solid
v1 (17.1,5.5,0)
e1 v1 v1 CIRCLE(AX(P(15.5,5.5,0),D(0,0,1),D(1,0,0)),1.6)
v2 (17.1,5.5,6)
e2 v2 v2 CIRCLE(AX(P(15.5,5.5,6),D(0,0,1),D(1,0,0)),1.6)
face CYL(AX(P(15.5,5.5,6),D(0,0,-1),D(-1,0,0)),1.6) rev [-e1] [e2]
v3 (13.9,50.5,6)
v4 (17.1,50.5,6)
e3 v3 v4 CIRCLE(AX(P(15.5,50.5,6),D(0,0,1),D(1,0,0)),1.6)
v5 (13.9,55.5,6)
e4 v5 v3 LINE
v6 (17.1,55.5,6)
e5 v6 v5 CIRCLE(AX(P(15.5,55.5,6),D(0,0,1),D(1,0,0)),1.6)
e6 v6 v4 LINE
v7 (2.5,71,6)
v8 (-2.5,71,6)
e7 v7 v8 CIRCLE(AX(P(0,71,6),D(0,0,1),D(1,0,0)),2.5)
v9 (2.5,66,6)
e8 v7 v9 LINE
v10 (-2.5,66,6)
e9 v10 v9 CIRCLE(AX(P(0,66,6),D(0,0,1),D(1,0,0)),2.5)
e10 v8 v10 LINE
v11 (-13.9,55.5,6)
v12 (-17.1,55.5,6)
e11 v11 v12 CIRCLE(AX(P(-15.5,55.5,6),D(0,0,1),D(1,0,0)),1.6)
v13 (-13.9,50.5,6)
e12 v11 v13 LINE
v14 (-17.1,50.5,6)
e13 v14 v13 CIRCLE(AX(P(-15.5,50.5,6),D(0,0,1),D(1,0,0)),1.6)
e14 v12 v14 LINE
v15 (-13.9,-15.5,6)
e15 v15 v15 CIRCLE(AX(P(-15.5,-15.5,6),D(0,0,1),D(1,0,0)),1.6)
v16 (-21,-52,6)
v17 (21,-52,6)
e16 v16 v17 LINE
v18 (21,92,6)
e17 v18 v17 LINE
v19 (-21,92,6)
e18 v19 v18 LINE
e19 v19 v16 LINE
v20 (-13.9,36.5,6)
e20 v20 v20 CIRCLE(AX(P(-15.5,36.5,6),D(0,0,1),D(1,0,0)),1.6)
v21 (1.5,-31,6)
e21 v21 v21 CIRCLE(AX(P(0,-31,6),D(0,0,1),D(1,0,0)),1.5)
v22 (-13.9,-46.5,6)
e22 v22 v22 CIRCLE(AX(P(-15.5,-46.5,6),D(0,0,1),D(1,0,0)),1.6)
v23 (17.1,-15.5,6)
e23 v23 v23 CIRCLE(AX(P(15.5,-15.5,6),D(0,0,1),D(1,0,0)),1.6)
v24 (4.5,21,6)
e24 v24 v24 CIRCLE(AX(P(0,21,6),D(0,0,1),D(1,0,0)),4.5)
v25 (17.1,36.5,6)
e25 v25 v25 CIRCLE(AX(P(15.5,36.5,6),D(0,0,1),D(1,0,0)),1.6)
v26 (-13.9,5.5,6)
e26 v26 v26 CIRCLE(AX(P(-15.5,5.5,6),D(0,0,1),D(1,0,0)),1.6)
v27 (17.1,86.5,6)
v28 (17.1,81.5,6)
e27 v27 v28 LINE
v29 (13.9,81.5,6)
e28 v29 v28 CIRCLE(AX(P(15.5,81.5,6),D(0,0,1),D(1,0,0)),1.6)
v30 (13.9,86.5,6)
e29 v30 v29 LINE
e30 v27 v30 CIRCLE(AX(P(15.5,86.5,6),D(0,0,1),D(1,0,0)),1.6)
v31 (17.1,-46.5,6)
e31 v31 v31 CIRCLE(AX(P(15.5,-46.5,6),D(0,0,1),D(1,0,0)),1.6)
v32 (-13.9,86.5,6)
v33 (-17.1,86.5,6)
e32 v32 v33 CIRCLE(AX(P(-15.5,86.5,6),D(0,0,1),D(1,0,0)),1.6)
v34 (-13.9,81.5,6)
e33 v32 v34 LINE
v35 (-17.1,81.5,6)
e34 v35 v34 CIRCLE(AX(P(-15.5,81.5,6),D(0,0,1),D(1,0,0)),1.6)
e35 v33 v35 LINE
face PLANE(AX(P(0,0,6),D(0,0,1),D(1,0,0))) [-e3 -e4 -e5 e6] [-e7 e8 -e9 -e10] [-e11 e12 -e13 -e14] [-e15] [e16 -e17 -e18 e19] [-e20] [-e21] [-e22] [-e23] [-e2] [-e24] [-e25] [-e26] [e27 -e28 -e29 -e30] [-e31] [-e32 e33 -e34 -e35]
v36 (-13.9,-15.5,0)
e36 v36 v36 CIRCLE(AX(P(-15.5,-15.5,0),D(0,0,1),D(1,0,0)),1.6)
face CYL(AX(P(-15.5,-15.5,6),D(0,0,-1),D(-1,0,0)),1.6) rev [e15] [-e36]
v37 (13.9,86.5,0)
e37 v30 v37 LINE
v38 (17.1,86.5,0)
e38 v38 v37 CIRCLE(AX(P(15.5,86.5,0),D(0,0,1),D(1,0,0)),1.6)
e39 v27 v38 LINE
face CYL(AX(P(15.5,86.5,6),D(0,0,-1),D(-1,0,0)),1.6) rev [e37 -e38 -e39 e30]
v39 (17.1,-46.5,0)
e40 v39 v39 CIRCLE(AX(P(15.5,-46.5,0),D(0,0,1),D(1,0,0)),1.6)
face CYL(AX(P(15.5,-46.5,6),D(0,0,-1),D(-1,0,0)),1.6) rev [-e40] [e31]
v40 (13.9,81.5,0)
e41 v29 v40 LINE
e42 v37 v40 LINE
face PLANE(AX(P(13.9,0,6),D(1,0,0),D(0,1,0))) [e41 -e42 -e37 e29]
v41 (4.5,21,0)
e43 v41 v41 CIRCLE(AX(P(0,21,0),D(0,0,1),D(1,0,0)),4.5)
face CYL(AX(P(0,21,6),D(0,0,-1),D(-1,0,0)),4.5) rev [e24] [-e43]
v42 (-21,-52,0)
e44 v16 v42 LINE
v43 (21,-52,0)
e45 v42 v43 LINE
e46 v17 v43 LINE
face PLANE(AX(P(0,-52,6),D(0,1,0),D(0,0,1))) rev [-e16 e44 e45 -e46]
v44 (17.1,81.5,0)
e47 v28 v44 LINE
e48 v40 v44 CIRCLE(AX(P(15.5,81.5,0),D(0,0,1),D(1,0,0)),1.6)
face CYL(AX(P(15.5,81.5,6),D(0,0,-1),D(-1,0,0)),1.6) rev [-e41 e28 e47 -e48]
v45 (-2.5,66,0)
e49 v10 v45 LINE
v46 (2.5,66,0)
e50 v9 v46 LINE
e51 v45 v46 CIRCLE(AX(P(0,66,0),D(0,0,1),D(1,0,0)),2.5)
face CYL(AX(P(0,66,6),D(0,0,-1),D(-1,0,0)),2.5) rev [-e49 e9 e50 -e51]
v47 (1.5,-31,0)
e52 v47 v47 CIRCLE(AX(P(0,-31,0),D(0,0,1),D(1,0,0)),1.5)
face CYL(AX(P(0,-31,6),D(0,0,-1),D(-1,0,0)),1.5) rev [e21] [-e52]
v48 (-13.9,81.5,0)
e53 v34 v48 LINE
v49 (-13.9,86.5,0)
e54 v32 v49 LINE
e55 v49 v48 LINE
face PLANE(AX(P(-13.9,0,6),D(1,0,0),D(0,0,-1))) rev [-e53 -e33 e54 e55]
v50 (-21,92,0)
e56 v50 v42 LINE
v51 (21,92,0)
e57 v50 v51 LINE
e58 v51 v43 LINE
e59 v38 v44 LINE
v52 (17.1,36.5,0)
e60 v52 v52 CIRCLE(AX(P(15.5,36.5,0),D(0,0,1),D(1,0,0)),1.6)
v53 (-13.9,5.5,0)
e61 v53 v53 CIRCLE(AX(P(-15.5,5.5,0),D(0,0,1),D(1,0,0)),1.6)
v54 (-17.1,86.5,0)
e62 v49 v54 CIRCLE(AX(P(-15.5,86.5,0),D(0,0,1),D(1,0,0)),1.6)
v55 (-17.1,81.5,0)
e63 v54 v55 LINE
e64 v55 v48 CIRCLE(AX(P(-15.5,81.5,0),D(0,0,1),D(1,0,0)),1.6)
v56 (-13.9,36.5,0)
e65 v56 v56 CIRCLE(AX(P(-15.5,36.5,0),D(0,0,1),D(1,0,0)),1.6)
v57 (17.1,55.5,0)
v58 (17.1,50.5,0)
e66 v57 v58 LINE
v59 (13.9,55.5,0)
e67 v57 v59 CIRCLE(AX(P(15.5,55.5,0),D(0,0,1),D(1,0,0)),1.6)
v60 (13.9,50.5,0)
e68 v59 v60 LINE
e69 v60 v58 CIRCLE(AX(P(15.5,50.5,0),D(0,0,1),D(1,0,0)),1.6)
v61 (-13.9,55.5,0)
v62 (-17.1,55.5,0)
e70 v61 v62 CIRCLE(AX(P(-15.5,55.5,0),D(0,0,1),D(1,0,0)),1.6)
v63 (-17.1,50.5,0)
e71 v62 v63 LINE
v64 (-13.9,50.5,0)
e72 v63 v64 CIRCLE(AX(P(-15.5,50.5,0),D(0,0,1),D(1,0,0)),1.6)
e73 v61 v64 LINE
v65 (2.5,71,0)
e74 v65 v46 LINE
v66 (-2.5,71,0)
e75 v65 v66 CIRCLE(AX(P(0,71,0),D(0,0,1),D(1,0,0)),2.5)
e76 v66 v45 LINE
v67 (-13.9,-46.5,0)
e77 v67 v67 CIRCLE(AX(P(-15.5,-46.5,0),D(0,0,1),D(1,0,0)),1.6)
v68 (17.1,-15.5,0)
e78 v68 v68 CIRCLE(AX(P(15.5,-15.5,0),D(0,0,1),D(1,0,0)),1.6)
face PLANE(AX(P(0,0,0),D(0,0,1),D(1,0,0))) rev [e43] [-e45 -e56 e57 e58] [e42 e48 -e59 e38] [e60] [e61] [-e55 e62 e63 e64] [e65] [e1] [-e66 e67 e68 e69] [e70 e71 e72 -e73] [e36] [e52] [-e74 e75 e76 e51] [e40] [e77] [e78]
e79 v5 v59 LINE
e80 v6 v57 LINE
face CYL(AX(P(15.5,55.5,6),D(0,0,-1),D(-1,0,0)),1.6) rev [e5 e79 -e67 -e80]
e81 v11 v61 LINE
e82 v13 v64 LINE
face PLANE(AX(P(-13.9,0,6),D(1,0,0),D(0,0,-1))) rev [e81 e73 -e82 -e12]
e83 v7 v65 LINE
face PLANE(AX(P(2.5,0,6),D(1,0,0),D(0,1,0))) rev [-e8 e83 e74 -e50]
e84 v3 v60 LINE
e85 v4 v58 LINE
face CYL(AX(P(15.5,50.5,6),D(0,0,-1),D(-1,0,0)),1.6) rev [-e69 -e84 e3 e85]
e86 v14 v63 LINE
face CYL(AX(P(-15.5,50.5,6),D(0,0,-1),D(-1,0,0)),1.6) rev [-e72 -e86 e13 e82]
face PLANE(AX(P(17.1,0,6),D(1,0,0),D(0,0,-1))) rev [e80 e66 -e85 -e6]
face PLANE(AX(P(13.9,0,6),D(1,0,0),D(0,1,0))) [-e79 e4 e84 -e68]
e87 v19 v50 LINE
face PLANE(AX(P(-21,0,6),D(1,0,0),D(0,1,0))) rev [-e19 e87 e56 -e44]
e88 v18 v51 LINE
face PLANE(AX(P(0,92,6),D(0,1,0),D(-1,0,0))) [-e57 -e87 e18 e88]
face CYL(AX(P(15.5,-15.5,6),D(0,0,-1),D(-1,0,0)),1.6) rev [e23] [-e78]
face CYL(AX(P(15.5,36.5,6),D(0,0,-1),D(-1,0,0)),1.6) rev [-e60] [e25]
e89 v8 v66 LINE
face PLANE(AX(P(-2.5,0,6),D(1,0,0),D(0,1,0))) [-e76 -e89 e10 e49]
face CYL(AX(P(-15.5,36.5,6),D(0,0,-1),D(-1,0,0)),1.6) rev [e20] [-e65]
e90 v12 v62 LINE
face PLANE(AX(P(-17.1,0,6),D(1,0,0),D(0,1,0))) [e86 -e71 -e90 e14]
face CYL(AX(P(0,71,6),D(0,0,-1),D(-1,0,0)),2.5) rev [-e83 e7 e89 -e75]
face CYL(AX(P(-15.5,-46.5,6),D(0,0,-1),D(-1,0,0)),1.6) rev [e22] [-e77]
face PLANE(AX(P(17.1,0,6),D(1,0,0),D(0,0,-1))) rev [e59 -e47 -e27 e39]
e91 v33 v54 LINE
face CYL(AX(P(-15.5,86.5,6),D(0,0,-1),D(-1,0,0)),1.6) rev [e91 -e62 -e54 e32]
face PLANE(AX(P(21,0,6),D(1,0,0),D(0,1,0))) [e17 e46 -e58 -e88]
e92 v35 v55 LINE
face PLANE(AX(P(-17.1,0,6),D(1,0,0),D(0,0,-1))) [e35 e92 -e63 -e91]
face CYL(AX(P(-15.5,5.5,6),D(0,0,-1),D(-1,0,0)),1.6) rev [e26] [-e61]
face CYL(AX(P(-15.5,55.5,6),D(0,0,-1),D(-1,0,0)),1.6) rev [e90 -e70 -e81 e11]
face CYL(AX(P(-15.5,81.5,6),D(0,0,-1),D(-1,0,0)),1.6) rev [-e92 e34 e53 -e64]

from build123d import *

# Parameters (mm, degrees)
SKETCH_1_W      = 42
SKETCH_1_H      = 3
SKETCH_1_H_2    = 42
SKETCH_1_R      = 1.6
SKETCH_1_R_2    = 4.5
SKETCH_1_H_3    = 10
EXTRUDE_1_DEPTH = 6


with BuildPart() as part:
    # 草图1 → 凸台-拉伸1 (new body)
    # profile 1 of 18: a face of its own
    with BuildSketch(Plane.XY):
        with Locations((0, 43.5)):
            Rectangle(SKETCH_1_W, SKETCH_1_H)
    # profile 2 of 18: a face of its own
    with BuildSketch(Plane.XY):
        with BuildLine():
            Line((21, 92), (-21, 92))
            Line((-21, 92), (-16.63137085, 87.63137085))
            ThreePointArc((-16.63137085, 87.63137085), (-15.129338595, 88.056473618), (-13.980131585, 87))
            Line((-13.980131585, 87), (13.980131585, 87))
            ThreePointArc((13.980131585, 87), (15.5, 88.1), (17.019868415, 87))
            Line((17.019868415, 87), (21, 87))
            Line((21, 87), (21, 92))
        make_face()
    # profile 3 of 18: a face of its own
    with BuildSketch(Plane.XY):
        with BuildLine():
            Line((-21, 92), (-21, 87))
            Line((-21, 87), (-17.019868415, 87))
            ThreePointArc((-17.019868415, 87), (-16.862690243, 87.338495857), (-16.63137085, 87.63137085))
            Line((-16.63137085, 87.63137085), (-21, 92))
        make_face()
    # profile 4 of 18: a face of its own
    with BuildSketch(Plane.XY):
        with BuildLine():
            Line((-17.019868415, 87), (-21, 87))
            Line((-21, 87), (-17.1, 83.1))
            Line((-17.1, 83.1), (-17.1, 86.5))
            ThreePointArc((-17.1, 86.5), (-17.079840097, 86.753190181), (-17.019868415, 87))
        make_face()
    # profile 5 of 18: a face of its own
    with BuildSketch(Plane.XY):
        with BuildLine():
            Line((13.980131585, 87), (-13.980131585, 87))
            ThreePointArc((-13.980131585, 87), (-13.920159903, 86.753190181), (-13.9, 86.5))
            Line((-13.9, 86.5), (-13.9, 84.9))
            Line((-13.9, 84.9), (-1.767766953, 72.767766953))
            ThreePointArc((-1.767766953, 72.767766953), (0.956708581, 73.309698831), (2.5, 71))
            Line((2.5, 71), (2.5, 68.5))
            Line((2.5, 68.5), (14.36862915, 56.63137085))
            ThreePointArc((14.36862915, 56.63137085), (16.112293492, 56.978207252), (17.1, 55.5))
            Line((17.1, 55.5), (17.1, 53.9))
            Line((17.1, 53.9), (21, 50))
            Line((21, 50), (21, 87))
            Line((21, 87), (17.019868415, 87))
            ThreePointArc((17.019868415, 87), (17.079840097, 86.753190181), (17.1, 86.5))
            Line((17.1, 86.5), (17.1, 81.5))
            ThreePointArc((17.1, 81.5), (15.5, 79.9), (13.9, 81.5))
            Line((13.9, 81.5), (13.9, 86.5))
            ThreePointArc((13.9, 86.5), (13.920159903, 86.753190181), (13.980131585, 87))
        make_face()
    # profile 6 of 18: a face of its own
    with BuildSketch(Plane.XY):
        with BuildLine():
            ThreePointArc((-13.9, 81.5), (-14.021792748, 80.887706508), (-14.36862915, 80.36862915))
            Line((-14.36862915, 80.36862915), (-2.5, 68.5))
            Line((-2.5, 68.5), (-2.5, 71))
            ThreePointArc((-2.5, 71), (-2.309698831, 71.956708581), (-1.767766953, 72.767766953))
            Line((-1.767766953, 72.767766953), (-13.9, 84.9))
            Line((-13.9, 84.9), (-13.9, 81.5))
        make_face()
    # profile 7 of 18: a face of its own
    with BuildSketch(Plane.XY):
        with BuildLine():
            Line((-17.1, 83.1), (-21, 87))
            Line((-21, 87), (-21, 50))
            Line((-21, 50), (-17.019868415, 50))
            ThreePointArc((-17.019868415, 50), (-17.079840097, 50.246809819), (-17.1, 50.5))
            Line((-17.1, 50.5), (-17.1, 55.5))
            ThreePointArc((-17.1, 55.5), (-15.5, 57.1), (-13.9, 55.5))
            Line((-13.9, 55.5), (-13.9, 50.5))
            ThreePointArc((-13.9, 50.5), (-13.920159903, 50.246809819), (-13.980131585, 50))
            Line((-13.980131585, 50), (13.980131585, 50))
            ThreePointArc((13.980131585, 50), (13.920159903, 50.246809819), (13.9, 50.5))
            Line((13.9, 50.5), (13.9, 52.1))
            Line((13.9, 52.1), (1.767766953, 64.232233047))
            ThreePointArc((1.767766953, 64.232233047), (-0.956708581, 63.690301169), (-2.5, 66))
            Line((-2.5, 66), (-2.5, 68.5))
            Line((-2.5, 68.5), (-14.36862915, 80.36862915))
            ThreePointArc((-14.36862915, 80.36862915), (-16.112293492, 80.021792748), (-17.1, 81.5))
            Line((-17.1, 81.5), (-17.1, 83.1))
        make_face()
    # profile 8 of 18: a face of its own
    with BuildSketch(Plane.XY):
        with BuildLine():
            ThreePointArc((2.5, 66), (2.309698831, 65.043291419), (1.767766953, 64.232233047))
            Line((1.767766953, 64.232233047), (13.9, 52.1))
            Line((13.9, 52.1), (13.9, 55.5))
            ThreePointArc((13.9, 55.5), (14.021792748, 56.112293492), (14.36862915, 56.63137085))
            Line((14.36862915, 56.63137085), (2.5, 68.5))
            Line((2.5, 68.5), (2.5, 66))
        make_face()
    # profile 9 of 18: a face of its own
    with BuildSketch(Plane.XY):
        with BuildLine():
            Line((17.019868415, 50), (21, 50))
            Line((21, 50), (17.1, 53.9))
            Line((17.1, 53.9), (17.1, 50.5))
            ThreePointArc((17.1, 50.5), (17.079840097, 50.246809819), (17.019868415, 50))
        make_face()
    # profile 10 of 18: a face of its own
    with BuildSketch(Plane.XY):
        with BuildLine():
            Line((16.63137085, 49.36862915), (21, 45))
            Line((21, 45), (21, 50))
            Line((21, 50), (17.019868415, 50))
            ThreePointArc((17.019868415, 50), (16.862690243, 49.661504143), (16.63137085, 49.36862915))
        make_face()
    # profile 11 of 18: a face of its own
    with BuildSketch(Plane.XY):
        with BuildLine():
            Line((-17.019868415, 50), (-21, 50))
            Line((-21, 50), (-21, 45))
            Line((-21, 45), (21, 45))
            Line((21, 45), (16.63137085, 49.36862915))
            ThreePointArc((16.63137085, 49.36862915), (15.129338595, 48.943526382), (13.980131585, 50))
            Line((13.980131585, 50), (-13.980131585, 50))
            ThreePointArc((-13.980131585, 50), (-15.5, 48.9), (-17.019868415, 50))
        make_face()
    # profile 12 of 18: a face of its own
    with BuildSketch(Plane.XY):
        with Locations((0, 43.5)):
            Rectangle(SKETCH_1_W, SKETCH_1_H)
    # profile 13 of 18: a face of its own
    with BuildSketch(Plane.XY):
        with Locations((0, 21)):
            Rectangle(SKETCH_1_W, SKETCH_1_H_2)
        with Locations((-15.5, 5.5)):
            Circle(SKETCH_1_R, mode=Mode.SUBTRACT)
        with Locations((15.5, 5.5)):
            Circle(SKETCH_1_R, mode=Mode.SUBTRACT)
        with Locations((-15.5, 36.5)):
            Circle(SKETCH_1_R, mode=Mode.SUBTRACT)
        with Locations((0, 21)):
            Circle(SKETCH_1_R_2, mode=Mode.SUBTRACT)
        with Locations((15.5, 36.5)):
            Circle(SKETCH_1_R, mode=Mode.SUBTRACT)
    # profile 14 of 18: a face of its own
    with BuildSketch(Plane.XY):
        with Locations((0, -5)):
            Rectangle(SKETCH_1_W, SKETCH_1_H_3)
    # profile 15 of 18: a face of its own
    with BuildSketch(Plane.XY):
        with BuildLine():
            Line((21, -10), (-21, -10))
            Line((-21, -10), (-16.63137085, -14.36862915))
            ThreePointArc((-16.63137085, -14.36862915), (-14.887706508, -14.021792748), (-13.9, -15.5))
            ThreePointArc((-13.9, -15.5), (-14.021792748, -16.112293492), (-14.36862915, -16.63137085))
            Line((-14.36862915, -16.63137085), (-1.060660172, -29.939339828))
            ThreePointArc((-1.060660172, -29.939339828), (0, -29.5), (1.060660172, -29.939339828))
            Line((1.060660172, -29.939339828), (14.36862915, -16.63137085))
            ThreePointArc((14.36862915, -16.63137085), (14.36862915, -14.36862915), (16.63137085, -14.36862915))
            Line((16.63137085, -14.36862915), (21, -10))
        make_face()
    # profile 16 of 18: a face of its own
    with BuildSketch(Plane.XY):
        with BuildLine():
            Line((-16.63137085, -14.36862915), (-21, -10))
            Line((-21, -10), (-21, -52))
            Line((-21, -52), (-16.63137085, -47.63137085))
            ThreePointArc((-16.63137085, -47.63137085), (-16.63137085, -45.36862915), (-14.36862915, -45.36862915))
            Line((-14.36862915, -45.36862915), (-1.060660172, -32.060660172))
            ThreePointArc((-1.060660172, -32.060660172), (-1.5, -31), (-1.060660172, -29.939339828))
            Line((-1.060660172, -29.939339828), (-14.36862915, -16.63137085))
            ThreePointArc((-14.36862915, -16.63137085), (-16.63137085, -16.63137085), (-16.63137085, -14.36862915))
        make_face()
    # profile 17 of 18: a face of its own
    with BuildSketch(Plane.XY):
        with BuildLine():
            Line((-16.63137085, -47.63137085), (-21, -52))
            Line((-21, -52), (21, -52))
            Line((21, -52), (16.63137085, -47.63137085))
            ThreePointArc((16.63137085, -47.63137085), (14.36862915, -47.63137085), (14.36862915, -45.36862915))
            Line((14.36862915, -45.36862915), (1.060660172, -32.060660172))
            ThreePointArc((1.060660172, -32.060660172), (0, -32.5), (-1.060660172, -32.060660172))
            Line((-1.060660172, -32.060660172), (-14.36862915, -45.36862915))
            ThreePointArc((-14.36862915, -45.36862915), (-14.021792748, -45.887706508), (-13.9, -46.5))
            ThreePointArc((-13.9, -46.5), (-14.887706508, -47.978207252), (-16.63137085, -47.63137085))
        make_face()
    # profile 18 of 18: a face of its own
    with BuildSketch(Plane.XY):
        with BuildLine():
            Line((21, -52), (21, -10))
            Line((21, -10), (16.63137085, -14.36862915))
            ThreePointArc((16.63137085, -14.36862915), (16.978207252, -14.887706508), (17.1, -15.5))
            ThreePointArc((17.1, -15.5), (16.112293492, -16.978207252), (14.36862915, -16.63137085))
            Line((14.36862915, -16.63137085), (1.060660172, -29.939339828))
            ThreePointArc((1.060660172, -29.939339828), (1.385819299, -30.425974851), (1.5, -31))
            ThreePointArc((1.5, -31), (1.385819299, -31.574025149), (1.060660172, -32.060660172))
            Line((1.060660172, -32.060660172), (14.36862915, -45.36862915))
            ThreePointArc((14.36862915, -45.36862915), (16.112293492, -45.021792748), (17.1, -46.5))
            ThreePointArc((17.1, -46.5), (16.978207252, -47.112293492), (16.63137085, -47.63137085))
            Line((16.63137085, -47.63137085), (21, -52))
        make_face()
    extrude(amount=EXTRUDE_1_DEPTH)


solid = part.part
